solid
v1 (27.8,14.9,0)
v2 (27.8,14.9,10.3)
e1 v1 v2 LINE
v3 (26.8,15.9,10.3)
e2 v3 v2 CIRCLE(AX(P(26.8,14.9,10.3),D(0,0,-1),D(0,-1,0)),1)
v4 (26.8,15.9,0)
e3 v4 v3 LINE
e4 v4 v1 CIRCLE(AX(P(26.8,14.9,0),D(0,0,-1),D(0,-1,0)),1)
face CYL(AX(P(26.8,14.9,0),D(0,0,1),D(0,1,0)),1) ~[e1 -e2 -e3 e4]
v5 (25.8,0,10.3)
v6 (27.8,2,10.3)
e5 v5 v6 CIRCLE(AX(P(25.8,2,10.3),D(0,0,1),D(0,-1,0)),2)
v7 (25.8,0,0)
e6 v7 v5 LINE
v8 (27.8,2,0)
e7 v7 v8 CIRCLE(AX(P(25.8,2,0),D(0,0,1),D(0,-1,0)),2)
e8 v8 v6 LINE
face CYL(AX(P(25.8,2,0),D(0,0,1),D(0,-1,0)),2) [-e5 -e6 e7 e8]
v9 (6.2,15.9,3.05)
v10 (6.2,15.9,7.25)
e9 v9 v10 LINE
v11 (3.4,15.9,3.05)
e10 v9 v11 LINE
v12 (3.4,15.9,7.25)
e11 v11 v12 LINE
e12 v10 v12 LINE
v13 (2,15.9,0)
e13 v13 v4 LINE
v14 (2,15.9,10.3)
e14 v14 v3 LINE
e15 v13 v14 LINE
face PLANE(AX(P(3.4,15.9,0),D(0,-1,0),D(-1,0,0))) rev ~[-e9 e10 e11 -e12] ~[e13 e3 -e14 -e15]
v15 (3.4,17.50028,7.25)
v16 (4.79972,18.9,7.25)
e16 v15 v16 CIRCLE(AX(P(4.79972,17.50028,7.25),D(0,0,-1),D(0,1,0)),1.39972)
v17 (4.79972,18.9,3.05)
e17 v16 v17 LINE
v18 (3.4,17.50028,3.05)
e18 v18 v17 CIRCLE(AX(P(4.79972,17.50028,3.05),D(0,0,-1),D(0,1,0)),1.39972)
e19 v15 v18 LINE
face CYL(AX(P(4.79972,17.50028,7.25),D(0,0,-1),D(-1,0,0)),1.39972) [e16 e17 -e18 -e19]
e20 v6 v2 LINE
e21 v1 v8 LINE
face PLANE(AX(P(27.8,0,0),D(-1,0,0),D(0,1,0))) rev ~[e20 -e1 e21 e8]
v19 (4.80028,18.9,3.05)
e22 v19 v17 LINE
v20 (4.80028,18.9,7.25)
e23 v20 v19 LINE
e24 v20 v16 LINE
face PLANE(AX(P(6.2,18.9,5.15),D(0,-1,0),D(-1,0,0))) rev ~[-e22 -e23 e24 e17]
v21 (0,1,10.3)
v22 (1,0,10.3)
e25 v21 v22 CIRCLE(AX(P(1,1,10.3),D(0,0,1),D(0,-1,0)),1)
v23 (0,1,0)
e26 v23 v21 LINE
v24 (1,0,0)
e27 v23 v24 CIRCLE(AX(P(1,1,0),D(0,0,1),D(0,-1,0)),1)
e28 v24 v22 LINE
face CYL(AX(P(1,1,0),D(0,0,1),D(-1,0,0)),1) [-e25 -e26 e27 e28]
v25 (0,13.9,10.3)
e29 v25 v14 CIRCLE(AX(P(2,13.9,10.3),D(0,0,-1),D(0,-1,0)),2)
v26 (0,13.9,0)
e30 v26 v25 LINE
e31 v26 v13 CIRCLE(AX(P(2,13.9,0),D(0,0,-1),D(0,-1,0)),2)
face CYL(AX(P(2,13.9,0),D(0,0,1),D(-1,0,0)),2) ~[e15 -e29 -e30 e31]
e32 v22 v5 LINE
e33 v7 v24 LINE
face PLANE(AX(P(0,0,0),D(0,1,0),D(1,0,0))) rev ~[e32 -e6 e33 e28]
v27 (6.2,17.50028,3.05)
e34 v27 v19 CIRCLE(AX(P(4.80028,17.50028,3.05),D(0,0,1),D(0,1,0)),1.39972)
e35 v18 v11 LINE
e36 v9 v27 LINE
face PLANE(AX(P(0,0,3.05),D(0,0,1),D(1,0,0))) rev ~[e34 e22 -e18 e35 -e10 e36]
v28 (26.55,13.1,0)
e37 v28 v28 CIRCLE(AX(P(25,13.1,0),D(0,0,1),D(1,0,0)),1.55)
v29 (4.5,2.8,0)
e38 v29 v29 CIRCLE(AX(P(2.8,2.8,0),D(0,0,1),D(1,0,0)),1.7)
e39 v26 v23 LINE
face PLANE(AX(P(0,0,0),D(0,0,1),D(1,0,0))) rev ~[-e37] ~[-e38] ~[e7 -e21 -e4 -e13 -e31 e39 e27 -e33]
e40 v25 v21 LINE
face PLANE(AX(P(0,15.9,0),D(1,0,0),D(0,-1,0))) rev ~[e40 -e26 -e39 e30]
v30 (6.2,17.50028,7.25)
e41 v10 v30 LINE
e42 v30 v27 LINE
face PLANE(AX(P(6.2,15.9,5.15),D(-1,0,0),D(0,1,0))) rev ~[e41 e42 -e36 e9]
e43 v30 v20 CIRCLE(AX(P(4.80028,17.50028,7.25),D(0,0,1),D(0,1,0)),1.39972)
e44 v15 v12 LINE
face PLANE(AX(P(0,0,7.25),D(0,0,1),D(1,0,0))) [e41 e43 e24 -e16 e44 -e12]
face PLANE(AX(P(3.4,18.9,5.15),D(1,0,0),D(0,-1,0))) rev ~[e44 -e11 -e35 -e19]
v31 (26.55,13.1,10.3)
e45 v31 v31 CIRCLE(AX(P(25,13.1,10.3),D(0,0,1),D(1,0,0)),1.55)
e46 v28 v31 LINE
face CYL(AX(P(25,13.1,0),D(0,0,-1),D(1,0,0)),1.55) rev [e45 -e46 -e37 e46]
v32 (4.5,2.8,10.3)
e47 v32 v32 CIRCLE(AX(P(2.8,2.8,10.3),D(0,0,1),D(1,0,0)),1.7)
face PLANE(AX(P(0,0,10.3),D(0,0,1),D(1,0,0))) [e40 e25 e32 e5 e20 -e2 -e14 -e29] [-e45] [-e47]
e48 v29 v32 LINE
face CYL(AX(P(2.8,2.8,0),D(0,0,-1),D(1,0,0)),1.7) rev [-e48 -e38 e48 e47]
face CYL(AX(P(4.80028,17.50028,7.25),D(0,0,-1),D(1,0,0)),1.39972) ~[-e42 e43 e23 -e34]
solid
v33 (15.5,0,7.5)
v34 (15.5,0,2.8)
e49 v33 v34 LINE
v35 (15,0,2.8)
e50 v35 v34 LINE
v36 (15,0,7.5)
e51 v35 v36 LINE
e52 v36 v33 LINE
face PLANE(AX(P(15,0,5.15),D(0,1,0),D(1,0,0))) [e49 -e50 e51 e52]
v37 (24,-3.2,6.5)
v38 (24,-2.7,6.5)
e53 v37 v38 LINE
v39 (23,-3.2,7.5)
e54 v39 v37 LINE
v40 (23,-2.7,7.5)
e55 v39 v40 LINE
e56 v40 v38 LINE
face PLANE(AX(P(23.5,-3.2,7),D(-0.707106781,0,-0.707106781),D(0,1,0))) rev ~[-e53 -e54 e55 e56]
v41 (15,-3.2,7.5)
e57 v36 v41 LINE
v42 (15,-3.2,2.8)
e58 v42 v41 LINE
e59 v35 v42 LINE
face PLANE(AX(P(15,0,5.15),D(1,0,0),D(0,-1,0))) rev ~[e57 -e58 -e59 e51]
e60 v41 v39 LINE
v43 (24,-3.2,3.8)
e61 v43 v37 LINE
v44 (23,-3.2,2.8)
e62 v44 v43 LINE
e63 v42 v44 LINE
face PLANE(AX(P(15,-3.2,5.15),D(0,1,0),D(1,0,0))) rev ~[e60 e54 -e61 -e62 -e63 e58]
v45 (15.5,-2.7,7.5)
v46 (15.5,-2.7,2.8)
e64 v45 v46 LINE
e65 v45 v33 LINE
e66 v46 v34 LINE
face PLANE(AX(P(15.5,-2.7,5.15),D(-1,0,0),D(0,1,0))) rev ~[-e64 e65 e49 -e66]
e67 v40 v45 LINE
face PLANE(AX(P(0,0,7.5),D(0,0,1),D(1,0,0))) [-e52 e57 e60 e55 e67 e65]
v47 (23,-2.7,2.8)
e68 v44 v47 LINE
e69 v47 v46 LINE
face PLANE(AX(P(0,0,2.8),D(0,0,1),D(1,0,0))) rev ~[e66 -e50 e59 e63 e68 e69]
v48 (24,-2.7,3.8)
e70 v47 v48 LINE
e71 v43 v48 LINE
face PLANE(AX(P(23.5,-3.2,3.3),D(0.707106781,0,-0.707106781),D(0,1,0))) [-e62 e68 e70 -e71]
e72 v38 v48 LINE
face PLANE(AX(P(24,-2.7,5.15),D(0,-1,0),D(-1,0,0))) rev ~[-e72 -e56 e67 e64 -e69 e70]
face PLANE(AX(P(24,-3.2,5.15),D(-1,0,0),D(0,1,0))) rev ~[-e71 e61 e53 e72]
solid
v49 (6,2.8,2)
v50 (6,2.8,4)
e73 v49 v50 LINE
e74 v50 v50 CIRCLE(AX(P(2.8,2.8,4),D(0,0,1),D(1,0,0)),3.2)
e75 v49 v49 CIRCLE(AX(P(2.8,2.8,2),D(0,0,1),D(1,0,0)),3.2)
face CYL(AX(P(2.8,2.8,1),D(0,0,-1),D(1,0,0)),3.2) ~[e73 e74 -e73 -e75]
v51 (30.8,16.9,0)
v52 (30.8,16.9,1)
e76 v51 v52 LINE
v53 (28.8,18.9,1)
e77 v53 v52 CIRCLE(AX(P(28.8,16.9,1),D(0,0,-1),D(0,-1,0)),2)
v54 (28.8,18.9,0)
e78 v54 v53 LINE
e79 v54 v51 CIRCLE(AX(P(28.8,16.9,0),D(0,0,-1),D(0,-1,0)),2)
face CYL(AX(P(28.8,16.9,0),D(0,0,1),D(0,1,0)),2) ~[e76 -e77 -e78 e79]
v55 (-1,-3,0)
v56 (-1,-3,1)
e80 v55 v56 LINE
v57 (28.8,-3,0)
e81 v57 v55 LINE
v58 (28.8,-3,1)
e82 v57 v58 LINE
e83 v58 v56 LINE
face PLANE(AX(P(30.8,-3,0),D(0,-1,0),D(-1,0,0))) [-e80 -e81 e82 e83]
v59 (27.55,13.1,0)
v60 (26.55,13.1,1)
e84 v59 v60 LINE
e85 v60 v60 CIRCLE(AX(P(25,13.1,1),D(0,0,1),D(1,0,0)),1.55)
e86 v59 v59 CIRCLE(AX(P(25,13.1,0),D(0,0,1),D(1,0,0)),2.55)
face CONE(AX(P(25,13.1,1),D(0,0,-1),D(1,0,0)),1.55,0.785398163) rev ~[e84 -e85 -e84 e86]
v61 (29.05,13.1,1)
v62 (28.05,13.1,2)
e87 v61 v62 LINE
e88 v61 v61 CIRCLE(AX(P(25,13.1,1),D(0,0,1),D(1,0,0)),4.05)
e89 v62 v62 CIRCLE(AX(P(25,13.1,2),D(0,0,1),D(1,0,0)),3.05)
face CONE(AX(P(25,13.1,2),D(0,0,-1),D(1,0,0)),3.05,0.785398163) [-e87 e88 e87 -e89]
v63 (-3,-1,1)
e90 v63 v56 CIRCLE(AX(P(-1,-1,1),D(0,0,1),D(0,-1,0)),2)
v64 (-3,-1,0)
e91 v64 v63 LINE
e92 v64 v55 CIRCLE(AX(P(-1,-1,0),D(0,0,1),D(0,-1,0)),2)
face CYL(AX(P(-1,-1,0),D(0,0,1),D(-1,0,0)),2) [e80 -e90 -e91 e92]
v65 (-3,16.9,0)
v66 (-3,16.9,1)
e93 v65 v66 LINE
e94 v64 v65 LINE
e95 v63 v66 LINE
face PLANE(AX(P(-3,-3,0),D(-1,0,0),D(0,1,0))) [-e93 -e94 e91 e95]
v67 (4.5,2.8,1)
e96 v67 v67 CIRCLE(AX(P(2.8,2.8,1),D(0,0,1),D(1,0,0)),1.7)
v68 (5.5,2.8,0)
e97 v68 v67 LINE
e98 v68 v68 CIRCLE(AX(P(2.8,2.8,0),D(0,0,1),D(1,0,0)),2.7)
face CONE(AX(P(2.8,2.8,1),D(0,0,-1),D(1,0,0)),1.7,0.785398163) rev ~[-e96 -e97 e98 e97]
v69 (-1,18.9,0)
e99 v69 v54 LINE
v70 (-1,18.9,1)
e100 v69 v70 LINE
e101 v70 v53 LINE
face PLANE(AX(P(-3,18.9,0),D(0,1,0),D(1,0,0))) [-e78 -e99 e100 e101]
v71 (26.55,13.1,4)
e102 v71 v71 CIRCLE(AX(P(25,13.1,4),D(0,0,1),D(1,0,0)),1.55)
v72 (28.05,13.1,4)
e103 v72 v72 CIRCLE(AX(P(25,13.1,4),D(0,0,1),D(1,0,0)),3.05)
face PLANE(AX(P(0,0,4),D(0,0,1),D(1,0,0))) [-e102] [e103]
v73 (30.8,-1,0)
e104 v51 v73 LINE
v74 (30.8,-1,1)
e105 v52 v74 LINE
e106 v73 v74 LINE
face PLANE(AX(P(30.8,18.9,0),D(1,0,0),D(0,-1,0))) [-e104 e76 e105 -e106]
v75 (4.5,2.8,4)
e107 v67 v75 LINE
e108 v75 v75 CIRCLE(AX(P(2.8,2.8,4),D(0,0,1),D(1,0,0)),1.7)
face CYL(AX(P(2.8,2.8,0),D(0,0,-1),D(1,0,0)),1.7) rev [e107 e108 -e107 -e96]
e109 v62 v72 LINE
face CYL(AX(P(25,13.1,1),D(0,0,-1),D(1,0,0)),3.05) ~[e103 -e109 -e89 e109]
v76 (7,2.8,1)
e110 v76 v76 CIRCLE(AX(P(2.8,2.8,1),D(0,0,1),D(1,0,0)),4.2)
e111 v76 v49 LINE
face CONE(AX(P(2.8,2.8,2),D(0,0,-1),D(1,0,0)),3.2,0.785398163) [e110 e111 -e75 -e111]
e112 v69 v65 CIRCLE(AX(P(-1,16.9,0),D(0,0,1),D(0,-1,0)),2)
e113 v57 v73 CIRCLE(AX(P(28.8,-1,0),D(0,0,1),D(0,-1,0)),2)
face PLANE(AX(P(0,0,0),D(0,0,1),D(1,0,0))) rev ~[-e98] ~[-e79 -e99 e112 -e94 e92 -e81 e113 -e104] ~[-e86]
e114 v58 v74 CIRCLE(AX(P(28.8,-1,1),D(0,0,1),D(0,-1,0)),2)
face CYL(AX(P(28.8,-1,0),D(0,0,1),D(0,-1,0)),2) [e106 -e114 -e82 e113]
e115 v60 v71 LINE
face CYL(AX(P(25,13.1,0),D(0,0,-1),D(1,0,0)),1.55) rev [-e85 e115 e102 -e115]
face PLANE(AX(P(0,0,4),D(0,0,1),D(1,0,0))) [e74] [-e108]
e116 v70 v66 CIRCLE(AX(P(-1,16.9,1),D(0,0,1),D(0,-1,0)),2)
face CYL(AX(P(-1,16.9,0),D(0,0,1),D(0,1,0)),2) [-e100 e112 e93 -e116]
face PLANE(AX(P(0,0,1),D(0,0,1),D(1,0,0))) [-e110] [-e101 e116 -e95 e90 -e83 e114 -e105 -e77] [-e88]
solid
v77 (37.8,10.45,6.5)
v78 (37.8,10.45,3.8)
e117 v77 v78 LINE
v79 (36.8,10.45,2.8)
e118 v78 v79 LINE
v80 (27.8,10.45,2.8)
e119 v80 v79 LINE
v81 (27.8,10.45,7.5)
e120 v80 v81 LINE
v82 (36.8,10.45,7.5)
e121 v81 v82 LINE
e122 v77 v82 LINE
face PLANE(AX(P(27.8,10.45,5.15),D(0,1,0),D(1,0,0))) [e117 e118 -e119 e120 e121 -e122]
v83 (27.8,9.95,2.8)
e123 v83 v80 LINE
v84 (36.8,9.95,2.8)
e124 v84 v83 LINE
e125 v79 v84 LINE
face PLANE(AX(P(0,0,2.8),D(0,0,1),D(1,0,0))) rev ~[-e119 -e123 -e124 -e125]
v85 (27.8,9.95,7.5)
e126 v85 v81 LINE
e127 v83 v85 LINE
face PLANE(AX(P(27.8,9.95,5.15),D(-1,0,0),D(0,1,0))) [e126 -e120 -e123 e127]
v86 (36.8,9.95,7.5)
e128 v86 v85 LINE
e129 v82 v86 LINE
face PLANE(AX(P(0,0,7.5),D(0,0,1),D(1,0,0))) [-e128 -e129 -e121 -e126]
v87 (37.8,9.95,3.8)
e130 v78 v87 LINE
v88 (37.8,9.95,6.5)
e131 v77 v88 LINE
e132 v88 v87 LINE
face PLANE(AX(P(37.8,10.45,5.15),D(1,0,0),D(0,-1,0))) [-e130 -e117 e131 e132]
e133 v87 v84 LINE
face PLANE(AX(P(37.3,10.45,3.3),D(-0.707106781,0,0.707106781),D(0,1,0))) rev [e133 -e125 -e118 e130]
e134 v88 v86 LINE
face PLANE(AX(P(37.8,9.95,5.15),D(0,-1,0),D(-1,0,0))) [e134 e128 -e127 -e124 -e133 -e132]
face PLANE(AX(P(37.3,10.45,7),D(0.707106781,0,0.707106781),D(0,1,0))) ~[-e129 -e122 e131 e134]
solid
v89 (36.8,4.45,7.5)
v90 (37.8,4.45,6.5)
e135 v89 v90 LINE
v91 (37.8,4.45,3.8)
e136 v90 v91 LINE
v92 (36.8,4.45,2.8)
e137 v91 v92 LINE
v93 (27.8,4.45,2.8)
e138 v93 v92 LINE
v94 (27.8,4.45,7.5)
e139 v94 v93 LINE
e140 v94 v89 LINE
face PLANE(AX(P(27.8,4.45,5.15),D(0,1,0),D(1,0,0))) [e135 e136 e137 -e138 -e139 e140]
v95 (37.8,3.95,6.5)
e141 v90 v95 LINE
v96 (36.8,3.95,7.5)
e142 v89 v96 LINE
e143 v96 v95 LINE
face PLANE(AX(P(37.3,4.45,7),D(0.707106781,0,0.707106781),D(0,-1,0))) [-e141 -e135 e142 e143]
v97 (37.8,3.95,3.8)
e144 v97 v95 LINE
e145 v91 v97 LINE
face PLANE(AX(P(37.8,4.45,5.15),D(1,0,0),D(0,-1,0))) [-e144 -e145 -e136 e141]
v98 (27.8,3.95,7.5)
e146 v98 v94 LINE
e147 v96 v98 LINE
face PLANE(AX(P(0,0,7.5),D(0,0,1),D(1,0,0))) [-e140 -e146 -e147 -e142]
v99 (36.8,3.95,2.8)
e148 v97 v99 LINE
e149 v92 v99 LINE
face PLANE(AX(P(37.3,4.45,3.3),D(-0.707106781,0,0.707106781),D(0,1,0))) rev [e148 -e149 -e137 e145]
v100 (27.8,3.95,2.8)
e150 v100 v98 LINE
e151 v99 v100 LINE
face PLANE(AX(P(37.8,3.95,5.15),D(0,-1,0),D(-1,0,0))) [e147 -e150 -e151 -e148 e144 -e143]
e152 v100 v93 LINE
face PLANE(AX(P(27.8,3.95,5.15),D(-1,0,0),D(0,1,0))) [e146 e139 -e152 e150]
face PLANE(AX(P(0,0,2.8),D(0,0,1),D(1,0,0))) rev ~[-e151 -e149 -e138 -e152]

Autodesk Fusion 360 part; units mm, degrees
sketch "Sketch1" plane through (0, 0, 0) normal (0, 0, 1) x (1, 0, 0)
  line L0 (0, 0) -> (27.8, 0)
  line L1 (27.8, 0) -> (27.8, 15.9)
  line L2 (27.8, 15.9) -> (0, 15.9)
  line L3 (0, 15.9) -> (0, 0)
  circle A0 centre (2.8, 2.8) radius 1.7
  circle A1 centre (25, 13.1) radius 1.55
  line L4 (3.4, 15.9) -> (6.2, 15.9)
  line L5 (6.2, 15.9) -> (6.2, 18.9)
  line L6 (6.2, 18.9) -> (3.4, 18.9)
  line L7 (3.4, 18.9) -> (3.4, 15.9)
  line L8 (4.8, 18.9) -> (4.8, 15.9) construction
  line L9 (15, 0) -> (15, -3.2)
  line L10 (15, -3.2) -> (24, -3.2)
  line L11 (24, -3.2) -> (24, -2.7)
  line L12 (24, -2.7) -> (15.5, -2.7)
  line L13 (15.5, -2.7) -> (15.5, 0)
  line L14 (27.8, 10.45) -> (37.8, 10.45)
  line L15 (37.8, 10.45) -> (37.8, 9.95)
  line L16 (37.8, 9.95) -> (27.8, 9.95)
  line L17 (27.8, 9.95) -> (27.8, 10.45)
  line L18 (27.8, 4.45) -> (37.8, 4.45)
  line L19 (37.8, 4.45) -> (37.8, 3.95)
  line L20 (37.8, 3.95) -> (27.8, 3.95)
  line L21 (27.8, 3.95) -> (27.8, 4.45)
  dimension "d1" = 27.8
  dimension "d2" = 15.9
  dimension "d3" = 3.4
  dimension "d4" = 2.8
  dimension "d5" = 2.8
  dimension "d6" = 3.1
  dimension "d7" = 22.2
  dimension "d8" = 10.3
  dimension "d13" = 2.8
  dimension "d14" = 20.2
  dimension "d15" = 3
  dimension "d20" = 0.5
  dimension "d21" = 0.5
  dimension "d22" = 12.2
  dimension "d23" = 10
  dimension "d24" = 0.5
  dimension "d25" = 2.7
  dimension "d26" = 10
  dimension "d27" = 0.5
  dimension "d28" = 5.5
  dimension "d30" = 7.15
  dimension "d34" = 9
extrude "Extrude1" add sketch "Sketch1" along normal blind 10.3 contours L0 L1 L2 L3 L4 L17 L21 makes body 1
fillet "Fillet1" radius 1 2 edges at (0, 0, 5.15) (27.8, 15.9, 5.15) on bodies 1
fillet "Fillet2" radius 2 2 edges at (27.8, 0, 5.15) (0, 15.9, 5.15) on bodies 1
ref_plane "WorkPlane1" through (13.9, 7.95, 5.15) normal (0, 0, 1) x (1, 0, 0)
extrude "Extrude2" add sketch "Sketch1" along normal mid plane 4.2 from surface at 5.15 contours L2 L4 L5 L6 L7 bodies 1
fillet "Fillet3" radius 1.4 2 edges at (3.4, 18.9, 5.15) (6.2, 18.9, 5.15) on bodies 1
extrude "Extrude3" add sketch "Sketch1" along normal mid plane 4.7 from surface at 5.15 separate body contours L0 L9 L10 L11 L12 L13 | L1 L18 L19 L20 L21 | L1 L14 L15 L16 L17 makes body 2 at (21, -3.2, 5.9333) makes body 3 at (34.4667, 3.95, 4.3667) makes body 4 at (31.1333, 10.45, 4.3667)
chamfer "Chamfer1" distance 1 angle 45 6 edges at (24, -2.95, 7.5) (24, -2.95, 2.8) (37.8, 10.2, 7.5) (37.8, 4.2, 7.5) (37.8, 10.2, 2.8) (37.8, 4.2, 2.8) on bodies 2 3 4
sketch "Sketch3" plane through (0, 0, 0) normal (0, 0, 1) x (1, 0, 0) in component "Component"
  line L0 (-3, 18.9) -> (30.8, 18.9)
  line L1 (30.8, 18.9) -> (30.8, -3)
  line L2 (30.8, -3) -> (-3, -3)
  line L3 (-3, -3) -> (-3, 18.9)
  line L4 (27.8, 2) -> (27.8, 14.9) construction
  line L5 (0, 13.9) -> (0, 1) construction
  line L6 (1, 0) -> (25.8, 0) construction
  line L7 (26.8, 15.9) -> (2, 15.9) construction
  circle A0 centre (25, 13.1) radius 1.55
  circle A1 centre (2.8, 2.8) radius 1.7
  circle A2 centre (2.8, 2.8) radius 3.2
  circle A3 centre (25, 13.1) radius 3.05
  dimension "d36" = 3
  dimension "d37" = 3
  dimension "d38" = 3
  dimension "d39" = 3
  dimension "d42" = 1.5
  dimension "d43" = 1.5
extrude "Extrude1'" add sketch "Sketch3" along normal blind 1 separate body contours L0 L1 L2 L3 | A2 | A3 makes body 5 in component "Component"
extrude "Extrude2'" add sketch "Sketch3" along normal blind 3 from surface at 1 contours A2 | A3 bodies 5 in component "Component"
chamfer "Chamfer1'" distance 1 angle 45 4 edges at (1.215, 3.4147, 0) (23.5549, 13.6605, 0) (-0.1834, 3.9572, 1) (22.1564, 14.2029, 1) on bodies 5 in component "Component"
fillet "Fillet1'" radius 2 4 edges at (-3, -3, 0.5) (-3, 18.9, 0.5) (30.8, 18.9, 0.5) (30.8, -3, 0.5) on bodies 5 in component "Component"
component "Component" placed x (1, 0, 0) y (0, 1, 0) z (0, 0, 1) at (0, 0, 0)
equation "d17 = ( 4.2 / 2 ) * 1 mm"
equation "d32 = ( 4.7 / 2 ) * 1 mm"
